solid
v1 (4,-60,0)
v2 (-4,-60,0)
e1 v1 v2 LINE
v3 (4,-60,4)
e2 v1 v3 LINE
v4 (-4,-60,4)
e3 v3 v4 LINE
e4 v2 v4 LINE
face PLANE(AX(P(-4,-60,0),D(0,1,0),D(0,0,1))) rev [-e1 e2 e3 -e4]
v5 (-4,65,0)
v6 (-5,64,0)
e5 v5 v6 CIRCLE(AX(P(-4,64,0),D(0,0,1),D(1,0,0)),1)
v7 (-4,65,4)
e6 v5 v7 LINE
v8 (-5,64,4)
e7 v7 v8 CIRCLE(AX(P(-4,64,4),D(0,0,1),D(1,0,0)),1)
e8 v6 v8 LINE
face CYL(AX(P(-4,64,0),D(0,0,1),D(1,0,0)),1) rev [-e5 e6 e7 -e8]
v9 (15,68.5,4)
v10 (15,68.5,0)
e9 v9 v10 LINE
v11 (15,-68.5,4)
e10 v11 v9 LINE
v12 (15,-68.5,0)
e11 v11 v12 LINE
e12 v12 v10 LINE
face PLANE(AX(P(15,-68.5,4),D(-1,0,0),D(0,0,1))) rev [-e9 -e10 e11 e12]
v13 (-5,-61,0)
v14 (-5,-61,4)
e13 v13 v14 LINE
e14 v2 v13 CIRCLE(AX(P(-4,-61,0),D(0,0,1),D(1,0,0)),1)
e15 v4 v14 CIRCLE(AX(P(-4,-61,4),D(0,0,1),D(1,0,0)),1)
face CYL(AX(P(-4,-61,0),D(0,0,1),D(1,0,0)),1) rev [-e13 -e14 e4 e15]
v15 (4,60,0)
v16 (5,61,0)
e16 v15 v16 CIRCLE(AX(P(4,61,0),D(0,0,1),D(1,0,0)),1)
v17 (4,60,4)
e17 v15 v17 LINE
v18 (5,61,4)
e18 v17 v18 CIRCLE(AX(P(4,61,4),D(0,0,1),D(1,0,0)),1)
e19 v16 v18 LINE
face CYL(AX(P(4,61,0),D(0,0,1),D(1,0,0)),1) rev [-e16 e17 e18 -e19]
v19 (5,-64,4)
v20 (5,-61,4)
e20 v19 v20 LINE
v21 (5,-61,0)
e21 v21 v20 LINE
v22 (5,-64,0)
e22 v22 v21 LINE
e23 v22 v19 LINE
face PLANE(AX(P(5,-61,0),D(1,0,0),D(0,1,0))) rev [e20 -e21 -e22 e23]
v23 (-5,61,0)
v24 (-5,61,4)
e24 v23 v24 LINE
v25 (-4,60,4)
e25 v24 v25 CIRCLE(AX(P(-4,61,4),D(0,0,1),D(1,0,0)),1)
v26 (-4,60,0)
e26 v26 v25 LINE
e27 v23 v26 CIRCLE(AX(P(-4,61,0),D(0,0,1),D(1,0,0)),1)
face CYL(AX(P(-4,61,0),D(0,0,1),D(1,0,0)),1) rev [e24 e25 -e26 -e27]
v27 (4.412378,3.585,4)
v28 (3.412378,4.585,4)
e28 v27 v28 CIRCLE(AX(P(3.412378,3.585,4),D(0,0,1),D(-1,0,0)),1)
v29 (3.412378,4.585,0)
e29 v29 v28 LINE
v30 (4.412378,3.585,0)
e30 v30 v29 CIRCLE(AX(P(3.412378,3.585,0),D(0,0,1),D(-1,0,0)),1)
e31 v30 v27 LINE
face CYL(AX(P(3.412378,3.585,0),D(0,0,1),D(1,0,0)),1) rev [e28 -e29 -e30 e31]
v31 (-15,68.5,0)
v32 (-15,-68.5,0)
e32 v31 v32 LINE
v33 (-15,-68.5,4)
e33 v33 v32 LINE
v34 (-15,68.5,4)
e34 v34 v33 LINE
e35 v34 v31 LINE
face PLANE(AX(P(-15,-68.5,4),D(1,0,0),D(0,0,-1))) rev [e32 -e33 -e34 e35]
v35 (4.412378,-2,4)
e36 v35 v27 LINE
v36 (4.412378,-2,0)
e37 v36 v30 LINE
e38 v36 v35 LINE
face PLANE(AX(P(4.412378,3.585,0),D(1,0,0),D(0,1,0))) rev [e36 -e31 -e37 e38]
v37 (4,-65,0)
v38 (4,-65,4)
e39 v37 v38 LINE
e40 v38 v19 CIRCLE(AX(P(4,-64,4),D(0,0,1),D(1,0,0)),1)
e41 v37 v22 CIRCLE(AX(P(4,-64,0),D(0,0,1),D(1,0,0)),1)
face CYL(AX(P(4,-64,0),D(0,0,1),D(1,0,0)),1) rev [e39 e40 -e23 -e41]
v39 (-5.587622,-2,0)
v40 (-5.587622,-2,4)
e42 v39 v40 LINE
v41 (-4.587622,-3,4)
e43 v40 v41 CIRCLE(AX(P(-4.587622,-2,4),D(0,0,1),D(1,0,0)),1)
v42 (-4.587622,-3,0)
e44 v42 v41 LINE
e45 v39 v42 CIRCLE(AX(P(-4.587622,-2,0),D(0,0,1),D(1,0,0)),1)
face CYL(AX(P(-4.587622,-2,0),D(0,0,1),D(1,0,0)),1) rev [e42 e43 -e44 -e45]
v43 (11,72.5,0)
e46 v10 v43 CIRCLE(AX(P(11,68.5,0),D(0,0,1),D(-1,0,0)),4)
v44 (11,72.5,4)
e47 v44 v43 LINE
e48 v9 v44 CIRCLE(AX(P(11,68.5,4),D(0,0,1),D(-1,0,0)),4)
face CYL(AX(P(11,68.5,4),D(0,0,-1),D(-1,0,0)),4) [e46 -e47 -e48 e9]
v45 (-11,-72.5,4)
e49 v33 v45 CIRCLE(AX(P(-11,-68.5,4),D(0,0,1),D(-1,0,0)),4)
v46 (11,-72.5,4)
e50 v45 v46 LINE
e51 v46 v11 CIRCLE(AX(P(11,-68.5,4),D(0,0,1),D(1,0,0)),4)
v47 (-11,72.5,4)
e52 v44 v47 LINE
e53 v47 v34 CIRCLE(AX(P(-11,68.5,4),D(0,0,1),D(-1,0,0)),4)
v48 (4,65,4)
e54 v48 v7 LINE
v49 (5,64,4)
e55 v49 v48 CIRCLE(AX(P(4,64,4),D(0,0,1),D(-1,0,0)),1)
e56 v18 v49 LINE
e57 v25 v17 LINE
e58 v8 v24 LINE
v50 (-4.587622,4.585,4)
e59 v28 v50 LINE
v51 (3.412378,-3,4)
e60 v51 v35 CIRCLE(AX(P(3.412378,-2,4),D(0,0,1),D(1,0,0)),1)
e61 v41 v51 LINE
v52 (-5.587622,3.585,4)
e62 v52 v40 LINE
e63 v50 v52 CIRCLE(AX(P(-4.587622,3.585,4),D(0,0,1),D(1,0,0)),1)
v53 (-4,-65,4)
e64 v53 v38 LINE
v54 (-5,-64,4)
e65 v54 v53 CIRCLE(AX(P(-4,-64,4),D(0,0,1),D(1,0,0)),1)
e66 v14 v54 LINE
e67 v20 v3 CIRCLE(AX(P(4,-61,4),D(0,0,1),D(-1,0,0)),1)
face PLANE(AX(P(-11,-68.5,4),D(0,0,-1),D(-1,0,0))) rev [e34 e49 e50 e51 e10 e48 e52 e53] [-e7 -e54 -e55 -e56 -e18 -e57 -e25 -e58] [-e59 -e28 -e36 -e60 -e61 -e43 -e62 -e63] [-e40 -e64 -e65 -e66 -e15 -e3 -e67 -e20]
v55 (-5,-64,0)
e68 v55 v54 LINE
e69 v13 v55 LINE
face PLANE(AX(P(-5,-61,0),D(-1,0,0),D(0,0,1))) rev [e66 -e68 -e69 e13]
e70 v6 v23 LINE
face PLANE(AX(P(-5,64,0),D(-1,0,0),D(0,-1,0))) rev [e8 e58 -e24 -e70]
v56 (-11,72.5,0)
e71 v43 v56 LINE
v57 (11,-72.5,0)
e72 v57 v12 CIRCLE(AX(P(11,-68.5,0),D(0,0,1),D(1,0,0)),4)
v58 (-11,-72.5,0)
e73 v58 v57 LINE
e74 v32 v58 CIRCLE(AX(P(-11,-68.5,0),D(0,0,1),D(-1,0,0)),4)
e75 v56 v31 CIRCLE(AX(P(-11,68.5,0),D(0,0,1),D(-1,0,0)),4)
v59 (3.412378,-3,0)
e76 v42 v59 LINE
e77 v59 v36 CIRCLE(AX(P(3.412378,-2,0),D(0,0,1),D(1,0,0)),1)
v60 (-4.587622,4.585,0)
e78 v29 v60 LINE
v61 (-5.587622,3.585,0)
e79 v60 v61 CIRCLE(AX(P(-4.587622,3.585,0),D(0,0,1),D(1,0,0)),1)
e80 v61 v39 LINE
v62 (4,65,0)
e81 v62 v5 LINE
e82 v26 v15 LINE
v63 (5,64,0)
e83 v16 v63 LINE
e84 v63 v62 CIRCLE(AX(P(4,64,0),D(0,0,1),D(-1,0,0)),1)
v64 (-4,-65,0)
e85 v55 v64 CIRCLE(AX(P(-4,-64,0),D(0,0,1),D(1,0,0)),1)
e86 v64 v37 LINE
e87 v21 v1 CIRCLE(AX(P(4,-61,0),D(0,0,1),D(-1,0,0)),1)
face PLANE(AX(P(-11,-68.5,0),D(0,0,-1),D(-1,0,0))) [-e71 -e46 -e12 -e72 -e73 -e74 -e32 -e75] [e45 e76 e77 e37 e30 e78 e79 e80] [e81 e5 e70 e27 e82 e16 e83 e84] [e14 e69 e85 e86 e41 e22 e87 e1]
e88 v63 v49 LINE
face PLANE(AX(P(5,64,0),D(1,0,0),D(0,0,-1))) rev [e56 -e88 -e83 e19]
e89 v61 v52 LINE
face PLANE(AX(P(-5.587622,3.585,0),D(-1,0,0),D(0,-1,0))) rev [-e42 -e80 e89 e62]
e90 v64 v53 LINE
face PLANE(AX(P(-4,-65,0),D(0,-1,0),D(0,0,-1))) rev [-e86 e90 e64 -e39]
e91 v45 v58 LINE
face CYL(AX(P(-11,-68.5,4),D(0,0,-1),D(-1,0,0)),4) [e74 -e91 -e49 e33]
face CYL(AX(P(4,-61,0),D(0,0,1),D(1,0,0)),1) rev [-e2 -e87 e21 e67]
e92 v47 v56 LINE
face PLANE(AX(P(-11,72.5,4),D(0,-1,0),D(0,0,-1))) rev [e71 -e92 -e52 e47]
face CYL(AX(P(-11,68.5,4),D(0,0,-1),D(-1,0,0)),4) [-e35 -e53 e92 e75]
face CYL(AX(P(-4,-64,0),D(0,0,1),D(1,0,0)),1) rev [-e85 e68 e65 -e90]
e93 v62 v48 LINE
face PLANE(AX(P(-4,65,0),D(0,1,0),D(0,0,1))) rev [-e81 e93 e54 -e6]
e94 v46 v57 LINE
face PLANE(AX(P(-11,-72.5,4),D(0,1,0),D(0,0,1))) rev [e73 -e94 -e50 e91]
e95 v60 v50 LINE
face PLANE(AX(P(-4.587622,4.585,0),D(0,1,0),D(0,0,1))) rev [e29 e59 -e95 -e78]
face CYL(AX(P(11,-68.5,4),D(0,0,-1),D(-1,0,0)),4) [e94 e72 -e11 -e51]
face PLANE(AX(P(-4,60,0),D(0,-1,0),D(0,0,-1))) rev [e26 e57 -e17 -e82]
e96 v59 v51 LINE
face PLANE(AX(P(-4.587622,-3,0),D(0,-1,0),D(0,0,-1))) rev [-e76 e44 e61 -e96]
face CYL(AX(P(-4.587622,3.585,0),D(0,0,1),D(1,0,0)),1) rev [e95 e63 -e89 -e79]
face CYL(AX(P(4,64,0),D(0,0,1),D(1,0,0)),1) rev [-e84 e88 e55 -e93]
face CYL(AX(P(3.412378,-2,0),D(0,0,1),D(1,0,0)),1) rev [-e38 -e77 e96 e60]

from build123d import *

# Parameters (mm, degrees)
BOSS_EXTRU_1_DEPTH      = 4
ENL_V_MAT_EXTRU_1_DEPTH = 75.143442057


with BuildPart() as part:
    # Esquisse1 → Boss.-Extru.1 (new body)
    with BuildSketch(Plane.XY):
        with BuildLine():
            Line((-11, -72.5), (11, -72.5))
            ThreePointArc((11, -72.5), (13.828427125, -71.328427125), (15, -68.5))
            Line((15, -68.5), (15, 68.5))
            ThreePointArc((15, 68.5), (13.828427125, 71.328427125), (11, 72.5))
            Line((11, 72.5), (-11, 72.5))
            ThreePointArc((-11, 72.5), (-13.828427125, 71.328427125), (-15, 68.5))
            Line((-15, 68.5), (-15, -68.5))
            ThreePointArc((-15, -68.5), (-13.828427125, -71.328427125), (-11, -72.5))
        make_face()
    extrude(amount=BOSS_EXTRU_1_DEPTH)

    # Esquisse2 → Enlèv. mat.-Extru.1 (cut, through all)
    with BuildSketch(Plane.XY.offset(4)):
        with BuildLine():
            Line((-4, -60), (4, -60))
            ThreePointArc((4, -60), (4.707106781, -60.292893219), (5, -61))
            Line((5, -61), (5, -64))
            ThreePointArc((5, -64), (4.707106781, -64.707106781), (4, -65))
            Line((4, -65), (-4, -65))
            ThreePointArc((-4, -65), (-4.707106781, -64.707106781), (-5, -64))
            Line((-5, -64), (-5, -61))
            ThreePointArc((-5, -61), (-4.707106781, -60.292893219), (-4, -60))
        make_face()
        with BuildLine():
            Line((-4, 65), (4, 65))
            ThreePointArc((4, 65), (4.707106781, 64.707106781), (5, 64))
            Line((5, 64), (5, 61))
            ThreePointArc((5, 61), (4.707106781, 60.292893219), (4, 60))
            Line((4, 60), (-4, 60))
            ThreePointArc((-4, 60), (-4.707106781, 60.292893219), (-5, 61))
            Line((-5, 61), (-5, 64))
            ThreePointArc((-5, 64), (-4.707106781, 64.707106781), (-4, 65))
        make_face()
        with BuildLine():
            Line((-4.587622439, 4.585), (3.412377561, 4.585))
            ThreePointArc((3.412377561, 4.585), (4.119484342, 4.292106781), (4.412377561, 3.585))
            Line((4.412377561, 3.585), (4.412377561, -2))
            ThreePointArc((4.412377561, -2), (4.119484342, -2.707106781), (3.412377561, -3))
            Line((3.412377561, -3), (-4.587622439, -3))
            ThreePointArc((-4.587622439, -3), (-5.29472922, -2.707106781), (-5.587622439, -2))
            Line((-5.587622439, -2), (-5.587622439, 3.585))
            ThreePointArc((-5.587622439, 3.585), (-5.29472922, 4.292106781), (-4.587622439, 4.585))
        make_face()
    extrude(amount=-ENL_V_MAT_EXTRU_1_DEPTH, mode=Mode.SUBTRACT)


solid = part.part
